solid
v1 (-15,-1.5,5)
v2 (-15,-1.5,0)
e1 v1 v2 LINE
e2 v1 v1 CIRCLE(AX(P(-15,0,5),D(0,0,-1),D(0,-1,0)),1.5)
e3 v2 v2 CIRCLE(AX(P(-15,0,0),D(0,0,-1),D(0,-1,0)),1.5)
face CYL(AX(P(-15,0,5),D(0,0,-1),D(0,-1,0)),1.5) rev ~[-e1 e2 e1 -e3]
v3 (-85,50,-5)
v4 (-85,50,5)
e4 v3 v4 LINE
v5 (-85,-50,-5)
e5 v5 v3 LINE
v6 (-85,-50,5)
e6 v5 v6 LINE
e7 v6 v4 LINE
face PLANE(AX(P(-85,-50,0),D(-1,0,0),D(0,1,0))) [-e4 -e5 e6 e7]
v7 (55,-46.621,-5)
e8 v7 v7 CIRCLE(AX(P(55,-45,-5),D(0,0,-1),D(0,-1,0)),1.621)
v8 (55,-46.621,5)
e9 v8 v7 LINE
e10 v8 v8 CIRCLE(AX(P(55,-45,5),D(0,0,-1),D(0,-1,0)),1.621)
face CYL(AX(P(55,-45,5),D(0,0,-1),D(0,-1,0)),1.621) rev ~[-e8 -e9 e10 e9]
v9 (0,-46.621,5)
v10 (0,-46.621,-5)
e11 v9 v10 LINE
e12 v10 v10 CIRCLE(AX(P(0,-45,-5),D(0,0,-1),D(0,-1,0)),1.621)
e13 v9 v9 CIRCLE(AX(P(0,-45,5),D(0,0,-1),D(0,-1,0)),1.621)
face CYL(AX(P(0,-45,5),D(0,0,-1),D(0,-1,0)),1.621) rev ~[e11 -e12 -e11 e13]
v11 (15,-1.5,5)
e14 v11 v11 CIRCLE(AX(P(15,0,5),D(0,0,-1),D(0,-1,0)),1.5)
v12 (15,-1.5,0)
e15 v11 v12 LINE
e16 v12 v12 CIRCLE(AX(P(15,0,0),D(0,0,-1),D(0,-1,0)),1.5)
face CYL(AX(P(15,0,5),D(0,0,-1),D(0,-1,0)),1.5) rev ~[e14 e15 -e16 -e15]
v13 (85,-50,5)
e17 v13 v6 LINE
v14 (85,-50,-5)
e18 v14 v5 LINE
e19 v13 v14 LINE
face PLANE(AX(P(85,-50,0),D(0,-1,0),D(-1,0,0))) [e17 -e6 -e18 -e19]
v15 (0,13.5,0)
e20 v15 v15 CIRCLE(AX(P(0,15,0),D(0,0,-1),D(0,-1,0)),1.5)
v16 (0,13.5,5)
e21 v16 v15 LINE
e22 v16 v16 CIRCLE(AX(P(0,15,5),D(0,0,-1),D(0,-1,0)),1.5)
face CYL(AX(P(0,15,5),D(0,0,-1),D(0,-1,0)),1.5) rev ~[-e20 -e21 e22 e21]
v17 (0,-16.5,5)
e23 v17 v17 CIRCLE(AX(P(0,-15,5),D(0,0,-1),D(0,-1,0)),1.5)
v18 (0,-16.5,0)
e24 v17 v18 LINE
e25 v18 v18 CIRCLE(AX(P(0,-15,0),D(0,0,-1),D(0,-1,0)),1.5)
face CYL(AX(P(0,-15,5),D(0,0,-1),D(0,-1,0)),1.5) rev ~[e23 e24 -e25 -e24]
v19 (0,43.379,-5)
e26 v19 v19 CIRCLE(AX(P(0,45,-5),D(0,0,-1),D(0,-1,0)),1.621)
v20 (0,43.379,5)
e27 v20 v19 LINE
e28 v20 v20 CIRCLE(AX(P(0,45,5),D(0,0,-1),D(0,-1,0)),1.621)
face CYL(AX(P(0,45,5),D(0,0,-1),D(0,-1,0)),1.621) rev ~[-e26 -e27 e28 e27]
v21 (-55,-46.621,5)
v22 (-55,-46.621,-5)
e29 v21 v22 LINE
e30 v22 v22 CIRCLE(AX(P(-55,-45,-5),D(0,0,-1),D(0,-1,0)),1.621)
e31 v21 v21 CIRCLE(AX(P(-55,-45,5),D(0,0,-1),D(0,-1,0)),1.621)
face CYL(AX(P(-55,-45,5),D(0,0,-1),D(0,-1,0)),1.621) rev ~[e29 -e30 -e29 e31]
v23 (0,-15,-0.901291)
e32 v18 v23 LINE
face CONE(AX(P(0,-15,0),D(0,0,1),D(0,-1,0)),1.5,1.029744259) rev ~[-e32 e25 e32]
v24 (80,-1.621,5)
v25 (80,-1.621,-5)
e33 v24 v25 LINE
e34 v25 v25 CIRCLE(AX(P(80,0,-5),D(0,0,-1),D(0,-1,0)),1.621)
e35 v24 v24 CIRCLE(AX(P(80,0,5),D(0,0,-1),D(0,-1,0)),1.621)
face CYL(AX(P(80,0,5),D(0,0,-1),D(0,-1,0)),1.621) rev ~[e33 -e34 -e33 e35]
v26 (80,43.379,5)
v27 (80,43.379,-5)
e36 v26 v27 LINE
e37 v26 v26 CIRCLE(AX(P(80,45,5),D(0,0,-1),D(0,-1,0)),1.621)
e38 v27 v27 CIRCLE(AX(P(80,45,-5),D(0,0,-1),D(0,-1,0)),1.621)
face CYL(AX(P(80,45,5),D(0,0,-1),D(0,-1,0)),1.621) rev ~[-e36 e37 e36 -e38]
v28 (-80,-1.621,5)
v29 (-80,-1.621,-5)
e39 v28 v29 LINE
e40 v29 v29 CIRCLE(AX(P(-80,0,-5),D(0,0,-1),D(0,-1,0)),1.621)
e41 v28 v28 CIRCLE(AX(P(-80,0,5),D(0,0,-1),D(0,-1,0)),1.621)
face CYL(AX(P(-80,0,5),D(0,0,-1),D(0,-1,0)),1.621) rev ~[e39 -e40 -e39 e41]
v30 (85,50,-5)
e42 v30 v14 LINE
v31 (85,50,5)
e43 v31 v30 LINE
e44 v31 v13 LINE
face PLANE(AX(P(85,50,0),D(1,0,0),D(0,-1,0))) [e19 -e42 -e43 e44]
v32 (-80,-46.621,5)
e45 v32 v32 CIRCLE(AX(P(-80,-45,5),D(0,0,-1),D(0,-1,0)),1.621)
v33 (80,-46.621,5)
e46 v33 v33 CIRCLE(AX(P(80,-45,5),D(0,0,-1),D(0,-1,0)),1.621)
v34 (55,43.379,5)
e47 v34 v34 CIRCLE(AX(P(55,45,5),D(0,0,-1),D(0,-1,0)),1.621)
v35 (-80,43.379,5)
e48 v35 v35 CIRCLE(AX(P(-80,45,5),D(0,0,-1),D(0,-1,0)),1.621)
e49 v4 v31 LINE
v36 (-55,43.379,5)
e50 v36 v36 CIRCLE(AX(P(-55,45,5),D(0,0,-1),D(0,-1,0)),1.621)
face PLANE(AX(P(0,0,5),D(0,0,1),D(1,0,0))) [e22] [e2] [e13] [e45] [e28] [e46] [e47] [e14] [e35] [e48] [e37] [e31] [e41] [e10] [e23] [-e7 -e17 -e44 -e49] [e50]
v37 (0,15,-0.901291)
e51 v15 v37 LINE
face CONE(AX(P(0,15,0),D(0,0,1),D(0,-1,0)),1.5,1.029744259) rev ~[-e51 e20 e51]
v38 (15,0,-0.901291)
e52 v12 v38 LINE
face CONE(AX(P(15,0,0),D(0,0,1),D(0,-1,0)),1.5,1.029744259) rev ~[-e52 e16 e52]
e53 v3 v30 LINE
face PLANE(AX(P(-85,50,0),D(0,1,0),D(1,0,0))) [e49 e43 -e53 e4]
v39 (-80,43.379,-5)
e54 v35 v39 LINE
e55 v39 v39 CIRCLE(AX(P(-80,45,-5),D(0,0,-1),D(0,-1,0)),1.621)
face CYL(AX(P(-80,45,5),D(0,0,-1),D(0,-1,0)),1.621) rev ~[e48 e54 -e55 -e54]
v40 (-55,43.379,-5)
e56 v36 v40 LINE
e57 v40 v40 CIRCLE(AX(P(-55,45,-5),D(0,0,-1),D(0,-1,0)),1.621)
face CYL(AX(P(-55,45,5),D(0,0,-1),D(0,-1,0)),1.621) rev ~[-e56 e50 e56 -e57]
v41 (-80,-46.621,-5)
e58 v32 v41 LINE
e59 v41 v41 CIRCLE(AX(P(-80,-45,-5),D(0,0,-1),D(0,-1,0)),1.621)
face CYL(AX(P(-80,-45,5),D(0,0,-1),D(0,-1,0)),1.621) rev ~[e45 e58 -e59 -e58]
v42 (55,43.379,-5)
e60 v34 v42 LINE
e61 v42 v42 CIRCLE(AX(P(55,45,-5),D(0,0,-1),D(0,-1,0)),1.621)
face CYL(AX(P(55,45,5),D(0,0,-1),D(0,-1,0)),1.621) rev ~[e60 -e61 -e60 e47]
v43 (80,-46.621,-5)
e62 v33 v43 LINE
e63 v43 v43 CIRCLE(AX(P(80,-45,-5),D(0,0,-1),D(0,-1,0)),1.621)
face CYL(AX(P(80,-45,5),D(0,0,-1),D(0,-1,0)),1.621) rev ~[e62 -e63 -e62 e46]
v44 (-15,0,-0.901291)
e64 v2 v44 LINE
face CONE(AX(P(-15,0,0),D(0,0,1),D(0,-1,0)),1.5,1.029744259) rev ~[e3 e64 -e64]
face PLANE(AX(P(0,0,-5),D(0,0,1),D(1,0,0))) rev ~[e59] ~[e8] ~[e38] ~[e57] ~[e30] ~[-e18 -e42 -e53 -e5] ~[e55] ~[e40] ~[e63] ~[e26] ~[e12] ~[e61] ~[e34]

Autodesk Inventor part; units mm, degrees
ref_plane "YZ Plane" through (0, 0, 0) normal (1, 0, 0) x (0, 1, 0)
ref_plane "XZ Plane" through (0, 0, 0) normal (0, 1, 0) x (-1, 0, 0)
ref_plane "XY Plane" through (0, 0, 0) normal (0, 0, 1) x (1, 0, 0)
sketch "Sketch1" plane through (0, 0, 0) normal (0, 0, 1) x (1, 0, 0)
  line L0 (-85, 50) -> (85, 50)
  line L1 (85, 50) -> (85, -50)
  line L2 (85, -50) -> (-85, -50)
  line L3 (-85, -50) -> (-85, 50)
  line L4 (-85, 50) -> (85, -50) construction
  line L5 (85, 50) -> (-85, -50) construction
  point P0 (0, 0)
  dimension "d0" = 170
  dimension "d1" = 100
extrude "Extrusion1" add sketch "Sketch1" along normal mid plane 10
sketch "Sketch2" plane through (0, 0, 5) normal (0, 0, 1) x (1, 0, 0)
  line L0 (-85, 50) -> (-85, -50) projected
  line L1 (-85, -50) -> (85, -50) projected
  line L2 (85, -50) -> (85, 50) projected
  line L3 (85, 50) -> (-85, 50) projected
  point P0 (0, 0)
  point P1 (-80, -45)
  point P2 (0, -45)
  point P3 (-55, -45)
  point P4 (55, -45)
  point P5 (0, -45)
  point P6 (80, -45)
  point P7 (-80, 0)
  point P8 (80, 0)
  point P9 (-80, 45)
  point P10 (80, 45)
  point P11 (-55, 45)
  point P12 (0, 45)
  point P13 (55, 45)
  dimension "d4" = 5
  dimension "d5" = 5
  dimension "d8" = 80
  dimension "d13" = 25
  dimension "d14" = 5
  dimension "d16" = 5
  dimension "d60" = 5
  dimension "d61" = 5
  dimension "d62" = 25
  dimension "d65" = 45
  dimension "d72" = 90
hole "Hole1" at (-80, -45, 5) at (0, -45, 5) at (-55, -45, 5) at (55, -45, 5) at (-80, 45, 5) at (-80, 0, 5) at (-55, 45, 5) at (0, 45, 5) at (55, 45, 5) at (80, 45, 5) at (80, 0, 5) at (80, -45, 5) direction (0, 0, -1) diameter 3.242 end through all thread size "M4x0.7" class "6H" standard "ANSI Metric M Profile"
sketch "Sketch3" plane through (0, 0, 5) normal (0, 0, 1) x (1, 0, 0)
  point P0 (0, 0)
  point P1 (0, 15)
  point P2 (-15, 0)
  point P3 (0, -15)
  point P4 (15, 0)
  dimension "d105" = 15
  dimension "d108" = 360
hole "Hole2" at (0, 15, 5) at (-15, 0, 5) at (0, -15, 5) at (15, 0, 5) direction (0, 0, -1) diameter 3 depth 5 tip angle 118
properties part number "topwindow"
